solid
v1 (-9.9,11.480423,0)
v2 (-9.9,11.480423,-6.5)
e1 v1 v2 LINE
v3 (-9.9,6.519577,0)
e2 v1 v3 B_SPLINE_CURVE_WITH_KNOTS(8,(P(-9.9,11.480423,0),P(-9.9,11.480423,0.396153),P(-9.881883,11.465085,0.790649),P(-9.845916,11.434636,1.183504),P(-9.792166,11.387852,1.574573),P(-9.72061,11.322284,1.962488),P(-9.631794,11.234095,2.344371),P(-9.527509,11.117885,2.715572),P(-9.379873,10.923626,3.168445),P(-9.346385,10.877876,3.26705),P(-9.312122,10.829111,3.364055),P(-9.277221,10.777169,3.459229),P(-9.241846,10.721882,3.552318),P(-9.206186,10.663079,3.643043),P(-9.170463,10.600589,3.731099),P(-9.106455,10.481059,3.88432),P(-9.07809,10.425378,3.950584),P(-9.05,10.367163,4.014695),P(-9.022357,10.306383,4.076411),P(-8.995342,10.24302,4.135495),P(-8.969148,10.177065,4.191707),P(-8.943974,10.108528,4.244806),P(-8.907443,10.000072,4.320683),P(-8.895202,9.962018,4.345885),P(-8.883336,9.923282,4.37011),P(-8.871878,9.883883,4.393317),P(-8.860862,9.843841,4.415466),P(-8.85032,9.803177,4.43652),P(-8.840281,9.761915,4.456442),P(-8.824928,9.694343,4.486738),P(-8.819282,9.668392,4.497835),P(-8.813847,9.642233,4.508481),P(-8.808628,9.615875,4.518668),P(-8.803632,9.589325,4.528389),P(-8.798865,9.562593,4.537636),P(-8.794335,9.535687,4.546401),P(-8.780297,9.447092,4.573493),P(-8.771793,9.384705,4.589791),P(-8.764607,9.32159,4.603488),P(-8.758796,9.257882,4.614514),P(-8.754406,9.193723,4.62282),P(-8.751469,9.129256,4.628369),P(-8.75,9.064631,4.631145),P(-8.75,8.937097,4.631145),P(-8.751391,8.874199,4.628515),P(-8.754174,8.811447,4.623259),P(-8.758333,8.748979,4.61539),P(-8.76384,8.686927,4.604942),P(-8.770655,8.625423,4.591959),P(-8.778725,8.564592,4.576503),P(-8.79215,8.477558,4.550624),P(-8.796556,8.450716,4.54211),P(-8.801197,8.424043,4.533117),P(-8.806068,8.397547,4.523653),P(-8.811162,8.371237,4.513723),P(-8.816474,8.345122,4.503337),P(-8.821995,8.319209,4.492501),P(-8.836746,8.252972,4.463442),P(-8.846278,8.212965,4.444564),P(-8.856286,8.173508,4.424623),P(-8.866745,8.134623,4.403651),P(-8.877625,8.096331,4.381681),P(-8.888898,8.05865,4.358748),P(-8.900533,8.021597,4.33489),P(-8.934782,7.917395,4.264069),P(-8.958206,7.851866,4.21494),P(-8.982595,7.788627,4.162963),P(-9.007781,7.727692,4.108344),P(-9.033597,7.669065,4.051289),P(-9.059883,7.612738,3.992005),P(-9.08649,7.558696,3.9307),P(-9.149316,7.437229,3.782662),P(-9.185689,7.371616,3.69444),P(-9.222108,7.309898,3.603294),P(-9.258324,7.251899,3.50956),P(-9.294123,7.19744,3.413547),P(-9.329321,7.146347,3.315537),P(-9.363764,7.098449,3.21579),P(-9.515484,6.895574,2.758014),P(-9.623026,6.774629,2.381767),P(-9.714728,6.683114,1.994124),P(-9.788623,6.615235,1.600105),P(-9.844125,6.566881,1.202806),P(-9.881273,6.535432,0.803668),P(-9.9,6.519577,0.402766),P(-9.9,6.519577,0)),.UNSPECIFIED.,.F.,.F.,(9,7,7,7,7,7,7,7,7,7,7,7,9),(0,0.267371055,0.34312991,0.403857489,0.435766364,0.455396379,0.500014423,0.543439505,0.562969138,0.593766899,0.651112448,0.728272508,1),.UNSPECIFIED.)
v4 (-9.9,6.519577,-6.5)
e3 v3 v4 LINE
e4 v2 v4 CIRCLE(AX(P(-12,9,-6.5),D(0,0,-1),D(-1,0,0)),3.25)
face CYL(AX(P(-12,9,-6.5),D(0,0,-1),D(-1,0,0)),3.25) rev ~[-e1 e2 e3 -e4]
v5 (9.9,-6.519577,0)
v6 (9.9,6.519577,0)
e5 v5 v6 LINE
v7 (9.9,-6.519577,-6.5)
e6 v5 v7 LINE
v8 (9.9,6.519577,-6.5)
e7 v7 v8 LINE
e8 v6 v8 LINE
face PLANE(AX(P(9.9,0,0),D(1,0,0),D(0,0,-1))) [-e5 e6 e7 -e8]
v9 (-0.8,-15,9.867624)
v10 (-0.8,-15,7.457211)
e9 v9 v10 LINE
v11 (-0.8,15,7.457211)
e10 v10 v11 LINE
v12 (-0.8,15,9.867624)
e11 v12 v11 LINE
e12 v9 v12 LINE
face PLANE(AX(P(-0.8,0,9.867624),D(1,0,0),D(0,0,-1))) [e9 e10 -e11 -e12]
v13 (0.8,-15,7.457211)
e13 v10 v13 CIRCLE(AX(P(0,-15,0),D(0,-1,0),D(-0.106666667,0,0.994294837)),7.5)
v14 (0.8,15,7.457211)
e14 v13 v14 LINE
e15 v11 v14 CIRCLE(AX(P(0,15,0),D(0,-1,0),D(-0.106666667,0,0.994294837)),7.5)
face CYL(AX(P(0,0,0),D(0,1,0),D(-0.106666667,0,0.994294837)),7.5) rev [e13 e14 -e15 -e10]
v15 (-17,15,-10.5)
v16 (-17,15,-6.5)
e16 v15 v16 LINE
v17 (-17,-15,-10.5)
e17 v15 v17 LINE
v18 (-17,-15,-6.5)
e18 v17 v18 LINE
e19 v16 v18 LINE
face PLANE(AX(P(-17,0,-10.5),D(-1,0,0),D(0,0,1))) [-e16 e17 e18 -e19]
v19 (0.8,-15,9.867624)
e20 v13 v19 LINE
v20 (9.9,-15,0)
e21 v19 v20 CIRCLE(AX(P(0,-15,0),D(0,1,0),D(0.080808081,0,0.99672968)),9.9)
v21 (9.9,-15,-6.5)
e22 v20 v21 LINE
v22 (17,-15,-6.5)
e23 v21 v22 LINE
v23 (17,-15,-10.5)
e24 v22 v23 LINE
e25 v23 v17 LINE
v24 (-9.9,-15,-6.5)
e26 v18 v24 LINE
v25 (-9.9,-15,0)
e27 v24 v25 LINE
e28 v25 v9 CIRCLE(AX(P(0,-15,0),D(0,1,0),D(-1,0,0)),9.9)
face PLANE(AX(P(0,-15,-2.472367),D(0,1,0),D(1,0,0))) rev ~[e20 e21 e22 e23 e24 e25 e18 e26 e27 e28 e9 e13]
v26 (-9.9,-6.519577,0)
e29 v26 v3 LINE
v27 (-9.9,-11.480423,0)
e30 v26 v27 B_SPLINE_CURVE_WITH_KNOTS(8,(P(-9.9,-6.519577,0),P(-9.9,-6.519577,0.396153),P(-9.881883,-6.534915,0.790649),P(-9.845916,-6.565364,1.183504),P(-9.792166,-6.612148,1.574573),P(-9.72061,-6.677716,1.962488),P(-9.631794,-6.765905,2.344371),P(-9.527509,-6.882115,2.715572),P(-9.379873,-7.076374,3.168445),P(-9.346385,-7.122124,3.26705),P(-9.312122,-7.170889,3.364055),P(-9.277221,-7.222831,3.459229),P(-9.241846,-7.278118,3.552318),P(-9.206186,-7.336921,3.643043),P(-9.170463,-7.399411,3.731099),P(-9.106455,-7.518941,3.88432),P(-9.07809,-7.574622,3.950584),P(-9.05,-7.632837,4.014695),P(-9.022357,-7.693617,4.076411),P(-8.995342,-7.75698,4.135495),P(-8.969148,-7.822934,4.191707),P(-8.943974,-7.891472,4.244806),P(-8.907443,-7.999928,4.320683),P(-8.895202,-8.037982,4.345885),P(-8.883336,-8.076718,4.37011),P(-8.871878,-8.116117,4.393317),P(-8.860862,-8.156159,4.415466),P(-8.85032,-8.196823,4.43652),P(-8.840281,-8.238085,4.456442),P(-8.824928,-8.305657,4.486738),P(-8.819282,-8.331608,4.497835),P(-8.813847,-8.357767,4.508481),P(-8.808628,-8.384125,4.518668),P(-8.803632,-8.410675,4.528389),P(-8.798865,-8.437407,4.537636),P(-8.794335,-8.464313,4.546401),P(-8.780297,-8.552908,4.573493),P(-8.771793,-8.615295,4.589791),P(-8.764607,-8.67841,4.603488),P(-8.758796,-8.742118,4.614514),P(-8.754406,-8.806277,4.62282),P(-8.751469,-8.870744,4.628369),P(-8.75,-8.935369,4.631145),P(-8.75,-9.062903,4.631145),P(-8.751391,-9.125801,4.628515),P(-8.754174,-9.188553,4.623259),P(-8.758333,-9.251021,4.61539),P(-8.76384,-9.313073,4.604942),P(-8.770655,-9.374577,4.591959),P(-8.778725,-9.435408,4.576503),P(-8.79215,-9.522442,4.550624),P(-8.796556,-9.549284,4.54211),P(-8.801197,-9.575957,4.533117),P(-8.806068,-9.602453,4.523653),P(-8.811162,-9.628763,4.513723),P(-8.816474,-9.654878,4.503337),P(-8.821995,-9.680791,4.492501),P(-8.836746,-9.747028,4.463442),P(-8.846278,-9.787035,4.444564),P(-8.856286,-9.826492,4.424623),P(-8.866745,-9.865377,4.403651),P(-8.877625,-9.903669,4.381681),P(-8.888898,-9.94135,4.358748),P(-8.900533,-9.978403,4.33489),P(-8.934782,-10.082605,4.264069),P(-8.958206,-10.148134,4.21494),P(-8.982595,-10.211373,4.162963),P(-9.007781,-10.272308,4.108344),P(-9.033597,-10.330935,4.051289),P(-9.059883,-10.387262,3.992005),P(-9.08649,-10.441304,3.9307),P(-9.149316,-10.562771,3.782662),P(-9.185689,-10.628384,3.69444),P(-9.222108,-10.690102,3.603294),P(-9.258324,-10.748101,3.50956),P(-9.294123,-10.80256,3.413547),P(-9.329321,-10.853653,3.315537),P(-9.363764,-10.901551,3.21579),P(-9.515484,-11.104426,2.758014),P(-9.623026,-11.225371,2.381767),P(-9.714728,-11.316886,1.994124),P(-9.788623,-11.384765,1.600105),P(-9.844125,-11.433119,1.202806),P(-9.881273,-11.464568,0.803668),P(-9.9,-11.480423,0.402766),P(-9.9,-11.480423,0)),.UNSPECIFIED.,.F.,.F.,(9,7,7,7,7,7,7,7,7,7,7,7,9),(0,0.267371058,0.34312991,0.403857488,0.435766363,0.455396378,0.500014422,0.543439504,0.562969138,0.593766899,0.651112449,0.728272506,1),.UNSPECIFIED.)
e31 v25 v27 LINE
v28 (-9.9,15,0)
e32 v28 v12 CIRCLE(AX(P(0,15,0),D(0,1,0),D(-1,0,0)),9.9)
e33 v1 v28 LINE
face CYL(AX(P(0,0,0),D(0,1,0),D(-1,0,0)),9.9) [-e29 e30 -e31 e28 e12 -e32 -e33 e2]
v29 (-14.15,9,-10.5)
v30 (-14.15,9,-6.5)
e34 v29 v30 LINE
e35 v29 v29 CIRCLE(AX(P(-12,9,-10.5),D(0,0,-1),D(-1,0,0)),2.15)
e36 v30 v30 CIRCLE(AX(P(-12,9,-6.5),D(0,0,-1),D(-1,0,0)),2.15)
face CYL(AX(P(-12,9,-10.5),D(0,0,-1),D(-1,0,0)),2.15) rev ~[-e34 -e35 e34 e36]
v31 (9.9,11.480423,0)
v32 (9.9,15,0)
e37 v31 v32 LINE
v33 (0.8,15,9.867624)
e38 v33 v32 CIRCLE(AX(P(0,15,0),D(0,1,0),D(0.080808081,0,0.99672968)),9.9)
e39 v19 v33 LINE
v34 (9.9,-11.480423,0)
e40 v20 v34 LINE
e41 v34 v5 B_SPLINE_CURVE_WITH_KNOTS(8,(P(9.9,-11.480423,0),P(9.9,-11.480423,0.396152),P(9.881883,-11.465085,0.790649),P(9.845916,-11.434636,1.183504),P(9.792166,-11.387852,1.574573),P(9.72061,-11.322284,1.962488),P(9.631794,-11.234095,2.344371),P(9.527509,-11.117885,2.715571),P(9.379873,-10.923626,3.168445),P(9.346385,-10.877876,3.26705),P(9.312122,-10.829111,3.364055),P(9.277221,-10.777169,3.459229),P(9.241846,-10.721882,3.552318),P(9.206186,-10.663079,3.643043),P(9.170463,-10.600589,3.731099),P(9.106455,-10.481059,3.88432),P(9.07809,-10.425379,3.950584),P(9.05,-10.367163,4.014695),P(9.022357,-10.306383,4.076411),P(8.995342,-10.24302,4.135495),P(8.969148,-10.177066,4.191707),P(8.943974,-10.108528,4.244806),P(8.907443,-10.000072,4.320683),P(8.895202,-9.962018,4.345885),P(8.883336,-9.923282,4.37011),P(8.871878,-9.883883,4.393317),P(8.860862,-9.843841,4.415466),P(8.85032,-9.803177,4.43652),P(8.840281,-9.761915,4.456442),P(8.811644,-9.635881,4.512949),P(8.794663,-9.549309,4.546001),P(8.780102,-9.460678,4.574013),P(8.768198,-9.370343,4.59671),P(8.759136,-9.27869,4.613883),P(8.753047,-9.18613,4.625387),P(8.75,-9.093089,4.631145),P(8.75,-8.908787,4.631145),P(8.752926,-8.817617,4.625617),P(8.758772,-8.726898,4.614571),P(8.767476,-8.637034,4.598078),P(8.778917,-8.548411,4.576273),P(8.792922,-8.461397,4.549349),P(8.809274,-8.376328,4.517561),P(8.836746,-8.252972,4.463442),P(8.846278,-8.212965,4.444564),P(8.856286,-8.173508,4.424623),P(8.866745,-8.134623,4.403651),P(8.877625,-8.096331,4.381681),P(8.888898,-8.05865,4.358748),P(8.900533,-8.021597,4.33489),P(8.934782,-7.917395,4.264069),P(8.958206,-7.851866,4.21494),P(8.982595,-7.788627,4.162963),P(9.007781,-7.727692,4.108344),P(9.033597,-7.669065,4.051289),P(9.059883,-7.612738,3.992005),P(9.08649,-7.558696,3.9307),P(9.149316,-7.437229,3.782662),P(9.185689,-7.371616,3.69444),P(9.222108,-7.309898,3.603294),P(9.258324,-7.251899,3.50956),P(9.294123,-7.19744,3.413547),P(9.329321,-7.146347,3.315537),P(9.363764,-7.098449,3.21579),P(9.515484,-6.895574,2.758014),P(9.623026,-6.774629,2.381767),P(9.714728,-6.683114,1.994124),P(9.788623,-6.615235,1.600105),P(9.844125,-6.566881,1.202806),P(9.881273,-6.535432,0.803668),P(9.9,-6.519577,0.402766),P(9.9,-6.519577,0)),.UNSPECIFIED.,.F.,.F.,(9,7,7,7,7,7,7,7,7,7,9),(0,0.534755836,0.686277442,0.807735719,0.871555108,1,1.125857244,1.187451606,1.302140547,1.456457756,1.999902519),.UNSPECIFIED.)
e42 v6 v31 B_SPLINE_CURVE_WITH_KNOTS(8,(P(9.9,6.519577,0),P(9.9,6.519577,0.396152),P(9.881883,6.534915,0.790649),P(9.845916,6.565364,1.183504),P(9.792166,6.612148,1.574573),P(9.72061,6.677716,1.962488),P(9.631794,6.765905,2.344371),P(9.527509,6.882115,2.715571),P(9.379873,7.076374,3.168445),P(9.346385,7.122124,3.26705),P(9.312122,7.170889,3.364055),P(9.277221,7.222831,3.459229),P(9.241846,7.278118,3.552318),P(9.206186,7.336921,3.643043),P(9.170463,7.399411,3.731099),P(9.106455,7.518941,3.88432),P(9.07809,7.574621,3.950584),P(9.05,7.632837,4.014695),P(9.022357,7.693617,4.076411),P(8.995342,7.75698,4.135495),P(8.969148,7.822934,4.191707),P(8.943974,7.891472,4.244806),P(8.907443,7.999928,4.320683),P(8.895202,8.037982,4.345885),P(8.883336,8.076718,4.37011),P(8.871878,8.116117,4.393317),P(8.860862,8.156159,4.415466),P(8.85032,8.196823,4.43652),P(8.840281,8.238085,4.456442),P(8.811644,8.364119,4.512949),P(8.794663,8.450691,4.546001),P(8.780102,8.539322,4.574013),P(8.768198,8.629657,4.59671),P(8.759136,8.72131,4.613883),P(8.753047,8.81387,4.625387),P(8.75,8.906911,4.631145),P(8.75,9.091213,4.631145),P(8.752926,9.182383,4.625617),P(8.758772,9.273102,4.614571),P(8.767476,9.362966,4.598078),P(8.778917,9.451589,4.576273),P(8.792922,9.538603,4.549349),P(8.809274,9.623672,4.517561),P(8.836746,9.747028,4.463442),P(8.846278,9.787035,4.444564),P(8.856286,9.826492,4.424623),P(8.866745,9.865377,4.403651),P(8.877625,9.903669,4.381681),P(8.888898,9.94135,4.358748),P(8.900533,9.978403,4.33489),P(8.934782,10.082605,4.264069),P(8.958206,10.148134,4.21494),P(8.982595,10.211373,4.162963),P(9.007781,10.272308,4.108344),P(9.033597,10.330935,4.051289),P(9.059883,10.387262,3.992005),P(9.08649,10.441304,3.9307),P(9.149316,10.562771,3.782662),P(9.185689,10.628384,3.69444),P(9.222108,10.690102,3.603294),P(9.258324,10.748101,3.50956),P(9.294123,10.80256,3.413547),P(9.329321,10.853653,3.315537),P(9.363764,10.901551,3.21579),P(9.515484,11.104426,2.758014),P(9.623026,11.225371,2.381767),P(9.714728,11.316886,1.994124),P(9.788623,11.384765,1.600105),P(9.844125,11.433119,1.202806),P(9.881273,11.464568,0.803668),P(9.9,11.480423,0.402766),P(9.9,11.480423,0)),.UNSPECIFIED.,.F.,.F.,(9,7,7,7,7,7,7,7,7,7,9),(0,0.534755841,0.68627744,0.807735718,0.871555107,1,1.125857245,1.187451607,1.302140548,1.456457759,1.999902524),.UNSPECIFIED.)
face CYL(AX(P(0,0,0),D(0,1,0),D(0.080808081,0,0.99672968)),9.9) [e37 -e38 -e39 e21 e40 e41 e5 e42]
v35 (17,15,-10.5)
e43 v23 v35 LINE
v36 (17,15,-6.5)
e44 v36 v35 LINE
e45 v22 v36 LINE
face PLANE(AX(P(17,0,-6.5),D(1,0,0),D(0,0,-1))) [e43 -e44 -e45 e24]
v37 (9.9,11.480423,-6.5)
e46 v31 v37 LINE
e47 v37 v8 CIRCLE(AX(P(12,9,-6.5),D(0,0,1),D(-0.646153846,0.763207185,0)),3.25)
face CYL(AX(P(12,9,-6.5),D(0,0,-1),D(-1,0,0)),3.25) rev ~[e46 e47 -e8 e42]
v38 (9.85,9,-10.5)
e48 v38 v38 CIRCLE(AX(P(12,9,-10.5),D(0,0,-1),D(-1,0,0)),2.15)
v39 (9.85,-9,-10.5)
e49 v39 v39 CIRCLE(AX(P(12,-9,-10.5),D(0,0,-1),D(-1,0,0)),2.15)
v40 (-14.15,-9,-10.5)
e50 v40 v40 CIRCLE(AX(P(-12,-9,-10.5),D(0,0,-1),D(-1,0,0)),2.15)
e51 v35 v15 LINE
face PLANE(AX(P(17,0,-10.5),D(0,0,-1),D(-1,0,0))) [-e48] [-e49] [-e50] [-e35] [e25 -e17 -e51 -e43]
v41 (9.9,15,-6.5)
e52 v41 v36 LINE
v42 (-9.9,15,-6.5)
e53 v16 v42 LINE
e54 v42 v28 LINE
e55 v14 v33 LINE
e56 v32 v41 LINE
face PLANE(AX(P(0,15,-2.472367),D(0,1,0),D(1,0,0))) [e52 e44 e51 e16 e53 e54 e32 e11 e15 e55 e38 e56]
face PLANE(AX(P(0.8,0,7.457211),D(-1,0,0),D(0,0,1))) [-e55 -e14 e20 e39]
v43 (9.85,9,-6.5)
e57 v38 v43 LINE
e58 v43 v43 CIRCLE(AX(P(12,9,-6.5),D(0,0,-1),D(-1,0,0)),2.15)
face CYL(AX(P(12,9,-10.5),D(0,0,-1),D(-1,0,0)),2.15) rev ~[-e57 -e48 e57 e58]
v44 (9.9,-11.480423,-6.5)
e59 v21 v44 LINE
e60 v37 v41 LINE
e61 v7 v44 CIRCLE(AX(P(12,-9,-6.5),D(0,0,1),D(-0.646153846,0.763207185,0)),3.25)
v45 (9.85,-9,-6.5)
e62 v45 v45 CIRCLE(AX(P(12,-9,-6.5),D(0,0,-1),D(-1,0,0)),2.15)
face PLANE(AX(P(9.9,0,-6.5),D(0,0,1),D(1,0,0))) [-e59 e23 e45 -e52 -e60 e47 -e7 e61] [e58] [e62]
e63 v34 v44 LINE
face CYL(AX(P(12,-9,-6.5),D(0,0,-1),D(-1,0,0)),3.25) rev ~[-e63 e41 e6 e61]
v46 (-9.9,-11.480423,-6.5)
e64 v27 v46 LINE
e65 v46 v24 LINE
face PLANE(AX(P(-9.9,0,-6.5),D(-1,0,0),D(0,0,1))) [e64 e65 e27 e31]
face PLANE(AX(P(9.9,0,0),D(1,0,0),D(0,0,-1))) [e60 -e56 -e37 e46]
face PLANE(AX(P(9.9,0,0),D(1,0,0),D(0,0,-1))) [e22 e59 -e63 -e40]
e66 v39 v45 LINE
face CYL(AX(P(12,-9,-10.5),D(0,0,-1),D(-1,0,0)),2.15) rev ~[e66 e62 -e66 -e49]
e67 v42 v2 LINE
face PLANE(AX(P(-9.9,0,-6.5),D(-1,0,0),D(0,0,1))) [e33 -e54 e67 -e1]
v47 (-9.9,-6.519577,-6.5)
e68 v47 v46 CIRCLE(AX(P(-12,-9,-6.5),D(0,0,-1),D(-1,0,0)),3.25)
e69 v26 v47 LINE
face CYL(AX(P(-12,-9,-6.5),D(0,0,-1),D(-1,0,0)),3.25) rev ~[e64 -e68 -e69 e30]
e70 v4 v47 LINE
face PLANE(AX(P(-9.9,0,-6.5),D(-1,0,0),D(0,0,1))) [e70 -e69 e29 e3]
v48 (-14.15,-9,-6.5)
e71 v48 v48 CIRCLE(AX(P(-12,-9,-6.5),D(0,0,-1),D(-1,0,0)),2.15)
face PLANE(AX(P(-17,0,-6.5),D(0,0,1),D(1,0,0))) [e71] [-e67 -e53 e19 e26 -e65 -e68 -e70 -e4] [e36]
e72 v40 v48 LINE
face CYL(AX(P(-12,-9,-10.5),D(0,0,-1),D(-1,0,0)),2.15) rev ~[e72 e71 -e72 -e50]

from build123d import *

# Parameters (mm, degrees)
BOSS_EXTRUDE1_DEPTH      = 15
BOSS_EXTRUDE1_DEPTH_BACK = 15
CUT_EXTRUDE1_REACH       = 22.368
SKETCH2_R                = 2.15
CUT_EXTRUDE2_REACH       = 26.368
CUT_EXTRUDE2_START       = -4
SKETCH3_R                = 3.25


with BuildPart() as part:
    # Sketch1 → Boss-Extrude1 (new body, two sides)
    with BuildSketch(Plane(origin=(0, 0, 0), x_dir=(1, 0, 0), z_dir=(0, 1, 0))) as boss_extrude1_sk:
        with BuildLine():
            Line((-9.9, 6.5), (-9.9, 0))
            ThreePointArc((-9.9, 0), (-7.277705682, -6.711557196), (-0.8, -9.867623827))
            Line((-0.8, -9.867623827), (-0.8, -7.457211275))
            ThreePointArc((-0.8, -7.457211275), (0, 7.5), (0.8, -7.457211275))
            Line((0.8, -7.457211275), (0.8, -9.867623827))
            ThreePointArc((0.8, -9.867623827), (7.277705682, -6.711557196), (9.9, 0))
            Line((9.9, 0), (9.9, 6.5))
            Line((9.9, 6.5), (17, 6.5))
            Line((17, 6.5), (17, 10.5))
            Line((17, 10.5), (-17, 10.5))
            Line((-17, 10.5), (-17, 6.5))
            Line((-17, 6.5), (-9.9, 6.5))
        make_face()
    extrude(amount=BOSS_EXTRUDE1_DEPTH)
    extrude(boss_extrude1_sk.sketch, amount=-BOSS_EXTRUDE1_DEPTH_BACK)

    # Sketch2 → Cut-Extrude1 (cut, up to next)
    with BuildSketch(Plane(origin=(0, 0, -10.5), x_dir=(-1, 0, 0), z_dir=(0, 0, -1)), mode=Mode.PRIVATE) as cut_extrude1_sk1:
        with Locations((12, -9)):
            Circle(SKETCH2_R)
    cut_extrude1_tool1 = extrude(cut_extrude1_sk1.sketch, amount=-CUT_EXTRUDE1_REACH, mode=Mode.PRIVATE) & part.part
    add(cut_extrude1_tool1.solids().sort_by_distance((-12, -9, -10.5))[0], mode=Mode.SUBTRACT)
    # Sketch2 → Cut-Extrude1 (cut, up to next)
    with BuildSketch(Plane(origin=(0, 0, -10.5), x_dir=(-1, 0, 0), z_dir=(0, 0, -1)), mode=Mode.PRIVATE) as cut_extrude1_sk2:
        with Locations((-12, -9)):
            Circle(SKETCH2_R)
    cut_extrude1_tool2 = extrude(cut_extrude1_sk2.sketch, amount=-CUT_EXTRUDE1_REACH, mode=Mode.PRIVATE) & part.part
    add(cut_extrude1_tool2.solids().sort_by_distance((12, -9, -10.5))[0], mode=Mode.SUBTRACT)
    # Sketch2 → Cut-Extrude1 (cut, up to next)
    with BuildSketch(Plane(origin=(0, 0, -10.5), x_dir=(-1, 0, 0), z_dir=(0, 0, -1)), mode=Mode.PRIVATE) as cut_extrude1_sk3:
        with Locations((-12, 9)):
            Circle(SKETCH2_R)
    cut_extrude1_tool3 = extrude(cut_extrude1_sk3.sketch, amount=-CUT_EXTRUDE1_REACH, mode=Mode.PRIVATE) & part.part
    add(cut_extrude1_tool3.solids().sort_by_distance((12, 9, -10.5))[0], mode=Mode.SUBTRACT)
    # Sketch2 → Cut-Extrude1 (cut, up to next)
    with BuildSketch(Plane(origin=(0, 0, -10.5), x_dir=(-1, 0, 0), z_dir=(0, 0, -1)), mode=Mode.PRIVATE) as cut_extrude1_sk4:
        with Locations((12, 9)):
            Circle(SKETCH2_R)
    cut_extrude1_tool4 = extrude(cut_extrude1_sk4.sketch, amount=-CUT_EXTRUDE1_REACH, mode=Mode.PRIVATE) & part.part
    add(cut_extrude1_tool4.solids().sort_by_distance((-12, 9, -10.5))[0], mode=Mode.SUBTRACT)

    # Sketch3 → Cut-Extrude2 (cut, up to next)
    with BuildSketch(Plane(origin=(0, 0, -10.5), x_dir=(-1, 0, 0), z_dir=(0, 0, -1)).offset(CUT_EXTRUDE2_START), mode=Mode.PRIVATE) as cut_extrude2_sk1:
        with Locations((-12, 9)):
            Circle(SKETCH3_R)
    cut_extrude2_tool1 = extrude(cut_extrude2_sk1.sketch, amount=-CUT_EXTRUDE2_REACH, mode=Mode.PRIVATE) & part.part
    add(cut_extrude2_tool1.solids().sort_by_distance((12, 9, -6.5))[0], mode=Mode.SUBTRACT)
    # Sketch3 → Cut-Extrude2 (cut, up to next)
    with BuildSketch(Plane(origin=(0, 0, -10.5), x_dir=(-1, 0, 0), z_dir=(0, 0, -1)).offset(CUT_EXTRUDE2_START), mode=Mode.PRIVATE) as cut_extrude2_sk2:
        with Locations((-12, -9)):
            Circle(SKETCH3_R)
    cut_extrude2_tool2 = extrude(cut_extrude2_sk2.sketch, amount=-CUT_EXTRUDE2_REACH, mode=Mode.PRIVATE) & part.part
    add(cut_extrude2_tool2.solids().sort_by_distance((12, -9, -6.5))[0], mode=Mode.SUBTRACT)
    # Sketch3 → Cut-Extrude2 (cut, up to next)
    with BuildSketch(Plane(origin=(0, 0, -10.5), x_dir=(-1, 0, 0), z_dir=(0, 0, -1)).offset(CUT_EXTRUDE2_START), mode=Mode.PRIVATE) as cut_extrude2_sk3:
        with Locations((12, 9)):
            Circle(SKETCH3_R)
    cut_extrude2_tool3 = extrude(cut_extrude2_sk3.sketch, amount=-CUT_EXTRUDE2_REACH, mode=Mode.PRIVATE) & part.part
    add(cut_extrude2_tool3.solids().sort_by_distance((-12, 9, -6.5))[0], mode=Mode.SUBTRACT)
    # Sketch3 → Cut-Extrude2 (cut, up to next)
    with BuildSketch(Plane(origin=(0, 0, -10.5), x_dir=(-1, 0, 0), z_dir=(0, 0, -1)).offset(CUT_EXTRUDE2_START), mode=Mode.PRIVATE) as cut_extrude2_sk4:
        with Locations((12, -9)):
            Circle(SKETCH3_R)
    cut_extrude2_tool4 = extrude(cut_extrude2_sk4.sketch, amount=-CUT_EXTRUDE2_REACH, mode=Mode.PRIVATE) & part.part
    add(cut_extrude2_tool4.solids().sort_by_distance((-12, -9, -6.5))[0], mode=Mode.SUBTRACT)


solid = part.part
